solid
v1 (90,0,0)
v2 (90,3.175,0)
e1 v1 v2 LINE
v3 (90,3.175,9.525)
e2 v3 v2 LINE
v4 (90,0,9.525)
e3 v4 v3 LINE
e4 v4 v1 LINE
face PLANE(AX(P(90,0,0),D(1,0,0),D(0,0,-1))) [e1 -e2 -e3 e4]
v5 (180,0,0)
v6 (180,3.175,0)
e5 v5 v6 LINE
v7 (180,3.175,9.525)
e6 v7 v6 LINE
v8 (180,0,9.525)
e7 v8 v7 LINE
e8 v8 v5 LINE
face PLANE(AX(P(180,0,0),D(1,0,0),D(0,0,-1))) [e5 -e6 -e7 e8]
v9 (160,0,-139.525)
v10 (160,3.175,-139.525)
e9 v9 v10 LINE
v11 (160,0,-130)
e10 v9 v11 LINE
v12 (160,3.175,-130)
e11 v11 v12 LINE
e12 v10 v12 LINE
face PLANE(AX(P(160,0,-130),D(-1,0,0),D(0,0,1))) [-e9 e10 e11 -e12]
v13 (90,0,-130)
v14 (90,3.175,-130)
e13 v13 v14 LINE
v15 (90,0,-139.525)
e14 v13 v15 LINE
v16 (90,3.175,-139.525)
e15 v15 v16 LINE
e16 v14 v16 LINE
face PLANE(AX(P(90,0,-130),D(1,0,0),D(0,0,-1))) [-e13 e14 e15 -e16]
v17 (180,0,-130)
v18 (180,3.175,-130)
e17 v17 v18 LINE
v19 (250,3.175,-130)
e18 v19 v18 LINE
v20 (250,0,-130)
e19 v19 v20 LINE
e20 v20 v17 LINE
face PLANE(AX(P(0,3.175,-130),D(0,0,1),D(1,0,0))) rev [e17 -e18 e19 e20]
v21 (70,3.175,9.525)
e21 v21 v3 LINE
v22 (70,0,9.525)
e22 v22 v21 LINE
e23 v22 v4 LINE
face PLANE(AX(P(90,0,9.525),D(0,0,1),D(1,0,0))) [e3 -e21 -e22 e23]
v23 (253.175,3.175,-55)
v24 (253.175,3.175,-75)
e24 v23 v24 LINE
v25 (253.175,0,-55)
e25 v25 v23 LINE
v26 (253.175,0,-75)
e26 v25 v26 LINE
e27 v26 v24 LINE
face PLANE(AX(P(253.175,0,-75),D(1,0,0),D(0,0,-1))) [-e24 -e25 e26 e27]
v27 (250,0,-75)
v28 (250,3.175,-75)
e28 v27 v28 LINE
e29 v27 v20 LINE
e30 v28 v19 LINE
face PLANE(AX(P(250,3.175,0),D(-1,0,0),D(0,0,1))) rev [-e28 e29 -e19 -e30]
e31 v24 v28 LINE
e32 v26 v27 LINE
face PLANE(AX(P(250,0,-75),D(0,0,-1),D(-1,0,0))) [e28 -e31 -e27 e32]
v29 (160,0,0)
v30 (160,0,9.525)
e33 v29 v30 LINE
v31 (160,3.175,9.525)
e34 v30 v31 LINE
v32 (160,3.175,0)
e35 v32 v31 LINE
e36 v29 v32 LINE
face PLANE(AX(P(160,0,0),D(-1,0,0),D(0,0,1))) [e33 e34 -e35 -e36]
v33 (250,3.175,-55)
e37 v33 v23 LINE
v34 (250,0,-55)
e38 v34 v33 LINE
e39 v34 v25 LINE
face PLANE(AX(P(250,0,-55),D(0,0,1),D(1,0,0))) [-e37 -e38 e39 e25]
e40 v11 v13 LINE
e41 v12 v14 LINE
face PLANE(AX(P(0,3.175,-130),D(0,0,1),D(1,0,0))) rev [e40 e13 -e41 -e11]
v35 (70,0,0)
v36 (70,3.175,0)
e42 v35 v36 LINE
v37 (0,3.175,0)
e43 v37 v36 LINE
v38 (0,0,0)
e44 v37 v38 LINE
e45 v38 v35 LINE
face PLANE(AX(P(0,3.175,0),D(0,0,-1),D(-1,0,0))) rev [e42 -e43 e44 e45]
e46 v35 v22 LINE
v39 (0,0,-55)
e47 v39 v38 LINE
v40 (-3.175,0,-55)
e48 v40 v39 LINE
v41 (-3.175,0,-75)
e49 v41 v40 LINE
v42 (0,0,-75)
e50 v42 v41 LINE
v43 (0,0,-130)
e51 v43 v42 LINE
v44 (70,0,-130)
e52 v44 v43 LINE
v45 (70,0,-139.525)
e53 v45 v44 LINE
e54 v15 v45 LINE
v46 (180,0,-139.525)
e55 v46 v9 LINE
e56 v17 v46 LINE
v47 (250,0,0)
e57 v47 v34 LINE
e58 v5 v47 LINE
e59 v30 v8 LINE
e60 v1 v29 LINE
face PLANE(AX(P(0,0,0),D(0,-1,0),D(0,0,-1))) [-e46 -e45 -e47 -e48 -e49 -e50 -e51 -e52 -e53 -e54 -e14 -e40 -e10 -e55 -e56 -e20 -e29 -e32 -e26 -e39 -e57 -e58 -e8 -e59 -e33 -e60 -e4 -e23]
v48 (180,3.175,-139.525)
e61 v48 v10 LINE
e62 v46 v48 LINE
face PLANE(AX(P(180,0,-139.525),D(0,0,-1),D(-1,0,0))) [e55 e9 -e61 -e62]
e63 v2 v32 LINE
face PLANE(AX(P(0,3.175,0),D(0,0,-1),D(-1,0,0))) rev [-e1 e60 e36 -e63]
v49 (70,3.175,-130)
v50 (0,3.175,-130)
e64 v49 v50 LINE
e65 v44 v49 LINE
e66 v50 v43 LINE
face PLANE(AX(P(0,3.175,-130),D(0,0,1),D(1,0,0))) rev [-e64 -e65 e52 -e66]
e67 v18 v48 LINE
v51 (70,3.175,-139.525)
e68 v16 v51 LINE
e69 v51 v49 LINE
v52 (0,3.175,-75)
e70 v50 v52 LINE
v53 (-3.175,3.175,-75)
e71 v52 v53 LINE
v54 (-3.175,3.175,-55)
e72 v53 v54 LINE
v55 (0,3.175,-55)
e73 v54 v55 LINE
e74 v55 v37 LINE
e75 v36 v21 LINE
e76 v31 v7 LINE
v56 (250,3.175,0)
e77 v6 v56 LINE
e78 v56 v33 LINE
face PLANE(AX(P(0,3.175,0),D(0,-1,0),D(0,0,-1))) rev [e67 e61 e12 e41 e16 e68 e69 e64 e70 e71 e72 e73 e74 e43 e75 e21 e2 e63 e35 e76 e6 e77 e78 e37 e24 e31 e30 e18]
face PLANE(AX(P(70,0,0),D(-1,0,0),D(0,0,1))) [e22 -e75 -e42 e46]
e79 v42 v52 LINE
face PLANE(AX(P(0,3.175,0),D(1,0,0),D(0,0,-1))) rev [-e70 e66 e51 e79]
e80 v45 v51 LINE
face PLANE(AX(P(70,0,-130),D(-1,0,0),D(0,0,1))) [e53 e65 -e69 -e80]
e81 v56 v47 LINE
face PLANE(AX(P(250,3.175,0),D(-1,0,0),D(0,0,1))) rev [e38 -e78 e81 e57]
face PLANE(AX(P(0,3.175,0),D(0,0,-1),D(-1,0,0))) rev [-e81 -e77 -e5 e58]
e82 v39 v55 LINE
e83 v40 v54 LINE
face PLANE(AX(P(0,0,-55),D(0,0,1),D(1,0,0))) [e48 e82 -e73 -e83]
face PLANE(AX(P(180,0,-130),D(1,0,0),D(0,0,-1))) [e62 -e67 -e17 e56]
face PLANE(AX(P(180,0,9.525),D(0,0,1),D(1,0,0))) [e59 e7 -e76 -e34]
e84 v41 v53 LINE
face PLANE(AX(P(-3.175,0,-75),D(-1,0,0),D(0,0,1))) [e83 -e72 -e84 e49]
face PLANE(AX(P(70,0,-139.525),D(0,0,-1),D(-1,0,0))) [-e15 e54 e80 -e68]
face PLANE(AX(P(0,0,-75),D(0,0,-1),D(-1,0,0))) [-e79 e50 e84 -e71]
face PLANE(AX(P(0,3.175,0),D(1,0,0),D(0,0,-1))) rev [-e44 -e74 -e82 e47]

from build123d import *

# Parameters (mm, degrees)
ESQUISSE1_W        = 250
ESQUISSE1_H        = 130
BOSS_EXTRU_1_DEPTH = 3.175
ESQUISSE2_W        = 3.175
ESQUISSE2_H        = 20
ESQUISSE2_W_2      = 20
ESQUISSE2_H_2      = 9.525
BOSS_EXTRU_2_DEPTH = 3.175


with BuildPart() as part:
    # Esquisse1 → Boss.-Extru.1 (new body)
    with BuildSketch(Plane(origin=(0, 0, 0), x_dir=(1, 0, 0), z_dir=(0, 1, 0))):
        with Locations((125, 65)):
            Rectangle(ESQUISSE1_W, ESQUISSE1_H)
    extrude(amount=BOSS_EXTRU_1_DEPTH)

    # Esquisse2 → Boss.-Extru.2 (add)
    with BuildSketch(Plane(origin=(0, 3.175, 0), x_dir=(1, 0, 0), z_dir=(0, 1, 0))):
        with Locations((-1.5875, 65)):
            Rectangle(ESQUISSE2_W, ESQUISSE2_H)
        with Locations((251.5875, 65)):
            Rectangle(ESQUISSE2_W, ESQUISSE2_H)
        with Locations((80, 134.7625)):
            Rectangle(ESQUISSE2_W_2, ESQUISSE2_H_2)
        with Locations((170, 134.7625)):
            Rectangle(ESQUISSE2_W_2, ESQUISSE2_H_2)
        with Locations((170, -4.7625)):
            Rectangle(ESQUISSE2_W_2, ESQUISSE2_H_2)
        with Locations((80, -4.7625)):
            Rectangle(ESQUISSE2_W_2, ESQUISSE2_H_2)
    extrude(amount=-BOSS_EXTRU_2_DEPTH)


solid = part.part
